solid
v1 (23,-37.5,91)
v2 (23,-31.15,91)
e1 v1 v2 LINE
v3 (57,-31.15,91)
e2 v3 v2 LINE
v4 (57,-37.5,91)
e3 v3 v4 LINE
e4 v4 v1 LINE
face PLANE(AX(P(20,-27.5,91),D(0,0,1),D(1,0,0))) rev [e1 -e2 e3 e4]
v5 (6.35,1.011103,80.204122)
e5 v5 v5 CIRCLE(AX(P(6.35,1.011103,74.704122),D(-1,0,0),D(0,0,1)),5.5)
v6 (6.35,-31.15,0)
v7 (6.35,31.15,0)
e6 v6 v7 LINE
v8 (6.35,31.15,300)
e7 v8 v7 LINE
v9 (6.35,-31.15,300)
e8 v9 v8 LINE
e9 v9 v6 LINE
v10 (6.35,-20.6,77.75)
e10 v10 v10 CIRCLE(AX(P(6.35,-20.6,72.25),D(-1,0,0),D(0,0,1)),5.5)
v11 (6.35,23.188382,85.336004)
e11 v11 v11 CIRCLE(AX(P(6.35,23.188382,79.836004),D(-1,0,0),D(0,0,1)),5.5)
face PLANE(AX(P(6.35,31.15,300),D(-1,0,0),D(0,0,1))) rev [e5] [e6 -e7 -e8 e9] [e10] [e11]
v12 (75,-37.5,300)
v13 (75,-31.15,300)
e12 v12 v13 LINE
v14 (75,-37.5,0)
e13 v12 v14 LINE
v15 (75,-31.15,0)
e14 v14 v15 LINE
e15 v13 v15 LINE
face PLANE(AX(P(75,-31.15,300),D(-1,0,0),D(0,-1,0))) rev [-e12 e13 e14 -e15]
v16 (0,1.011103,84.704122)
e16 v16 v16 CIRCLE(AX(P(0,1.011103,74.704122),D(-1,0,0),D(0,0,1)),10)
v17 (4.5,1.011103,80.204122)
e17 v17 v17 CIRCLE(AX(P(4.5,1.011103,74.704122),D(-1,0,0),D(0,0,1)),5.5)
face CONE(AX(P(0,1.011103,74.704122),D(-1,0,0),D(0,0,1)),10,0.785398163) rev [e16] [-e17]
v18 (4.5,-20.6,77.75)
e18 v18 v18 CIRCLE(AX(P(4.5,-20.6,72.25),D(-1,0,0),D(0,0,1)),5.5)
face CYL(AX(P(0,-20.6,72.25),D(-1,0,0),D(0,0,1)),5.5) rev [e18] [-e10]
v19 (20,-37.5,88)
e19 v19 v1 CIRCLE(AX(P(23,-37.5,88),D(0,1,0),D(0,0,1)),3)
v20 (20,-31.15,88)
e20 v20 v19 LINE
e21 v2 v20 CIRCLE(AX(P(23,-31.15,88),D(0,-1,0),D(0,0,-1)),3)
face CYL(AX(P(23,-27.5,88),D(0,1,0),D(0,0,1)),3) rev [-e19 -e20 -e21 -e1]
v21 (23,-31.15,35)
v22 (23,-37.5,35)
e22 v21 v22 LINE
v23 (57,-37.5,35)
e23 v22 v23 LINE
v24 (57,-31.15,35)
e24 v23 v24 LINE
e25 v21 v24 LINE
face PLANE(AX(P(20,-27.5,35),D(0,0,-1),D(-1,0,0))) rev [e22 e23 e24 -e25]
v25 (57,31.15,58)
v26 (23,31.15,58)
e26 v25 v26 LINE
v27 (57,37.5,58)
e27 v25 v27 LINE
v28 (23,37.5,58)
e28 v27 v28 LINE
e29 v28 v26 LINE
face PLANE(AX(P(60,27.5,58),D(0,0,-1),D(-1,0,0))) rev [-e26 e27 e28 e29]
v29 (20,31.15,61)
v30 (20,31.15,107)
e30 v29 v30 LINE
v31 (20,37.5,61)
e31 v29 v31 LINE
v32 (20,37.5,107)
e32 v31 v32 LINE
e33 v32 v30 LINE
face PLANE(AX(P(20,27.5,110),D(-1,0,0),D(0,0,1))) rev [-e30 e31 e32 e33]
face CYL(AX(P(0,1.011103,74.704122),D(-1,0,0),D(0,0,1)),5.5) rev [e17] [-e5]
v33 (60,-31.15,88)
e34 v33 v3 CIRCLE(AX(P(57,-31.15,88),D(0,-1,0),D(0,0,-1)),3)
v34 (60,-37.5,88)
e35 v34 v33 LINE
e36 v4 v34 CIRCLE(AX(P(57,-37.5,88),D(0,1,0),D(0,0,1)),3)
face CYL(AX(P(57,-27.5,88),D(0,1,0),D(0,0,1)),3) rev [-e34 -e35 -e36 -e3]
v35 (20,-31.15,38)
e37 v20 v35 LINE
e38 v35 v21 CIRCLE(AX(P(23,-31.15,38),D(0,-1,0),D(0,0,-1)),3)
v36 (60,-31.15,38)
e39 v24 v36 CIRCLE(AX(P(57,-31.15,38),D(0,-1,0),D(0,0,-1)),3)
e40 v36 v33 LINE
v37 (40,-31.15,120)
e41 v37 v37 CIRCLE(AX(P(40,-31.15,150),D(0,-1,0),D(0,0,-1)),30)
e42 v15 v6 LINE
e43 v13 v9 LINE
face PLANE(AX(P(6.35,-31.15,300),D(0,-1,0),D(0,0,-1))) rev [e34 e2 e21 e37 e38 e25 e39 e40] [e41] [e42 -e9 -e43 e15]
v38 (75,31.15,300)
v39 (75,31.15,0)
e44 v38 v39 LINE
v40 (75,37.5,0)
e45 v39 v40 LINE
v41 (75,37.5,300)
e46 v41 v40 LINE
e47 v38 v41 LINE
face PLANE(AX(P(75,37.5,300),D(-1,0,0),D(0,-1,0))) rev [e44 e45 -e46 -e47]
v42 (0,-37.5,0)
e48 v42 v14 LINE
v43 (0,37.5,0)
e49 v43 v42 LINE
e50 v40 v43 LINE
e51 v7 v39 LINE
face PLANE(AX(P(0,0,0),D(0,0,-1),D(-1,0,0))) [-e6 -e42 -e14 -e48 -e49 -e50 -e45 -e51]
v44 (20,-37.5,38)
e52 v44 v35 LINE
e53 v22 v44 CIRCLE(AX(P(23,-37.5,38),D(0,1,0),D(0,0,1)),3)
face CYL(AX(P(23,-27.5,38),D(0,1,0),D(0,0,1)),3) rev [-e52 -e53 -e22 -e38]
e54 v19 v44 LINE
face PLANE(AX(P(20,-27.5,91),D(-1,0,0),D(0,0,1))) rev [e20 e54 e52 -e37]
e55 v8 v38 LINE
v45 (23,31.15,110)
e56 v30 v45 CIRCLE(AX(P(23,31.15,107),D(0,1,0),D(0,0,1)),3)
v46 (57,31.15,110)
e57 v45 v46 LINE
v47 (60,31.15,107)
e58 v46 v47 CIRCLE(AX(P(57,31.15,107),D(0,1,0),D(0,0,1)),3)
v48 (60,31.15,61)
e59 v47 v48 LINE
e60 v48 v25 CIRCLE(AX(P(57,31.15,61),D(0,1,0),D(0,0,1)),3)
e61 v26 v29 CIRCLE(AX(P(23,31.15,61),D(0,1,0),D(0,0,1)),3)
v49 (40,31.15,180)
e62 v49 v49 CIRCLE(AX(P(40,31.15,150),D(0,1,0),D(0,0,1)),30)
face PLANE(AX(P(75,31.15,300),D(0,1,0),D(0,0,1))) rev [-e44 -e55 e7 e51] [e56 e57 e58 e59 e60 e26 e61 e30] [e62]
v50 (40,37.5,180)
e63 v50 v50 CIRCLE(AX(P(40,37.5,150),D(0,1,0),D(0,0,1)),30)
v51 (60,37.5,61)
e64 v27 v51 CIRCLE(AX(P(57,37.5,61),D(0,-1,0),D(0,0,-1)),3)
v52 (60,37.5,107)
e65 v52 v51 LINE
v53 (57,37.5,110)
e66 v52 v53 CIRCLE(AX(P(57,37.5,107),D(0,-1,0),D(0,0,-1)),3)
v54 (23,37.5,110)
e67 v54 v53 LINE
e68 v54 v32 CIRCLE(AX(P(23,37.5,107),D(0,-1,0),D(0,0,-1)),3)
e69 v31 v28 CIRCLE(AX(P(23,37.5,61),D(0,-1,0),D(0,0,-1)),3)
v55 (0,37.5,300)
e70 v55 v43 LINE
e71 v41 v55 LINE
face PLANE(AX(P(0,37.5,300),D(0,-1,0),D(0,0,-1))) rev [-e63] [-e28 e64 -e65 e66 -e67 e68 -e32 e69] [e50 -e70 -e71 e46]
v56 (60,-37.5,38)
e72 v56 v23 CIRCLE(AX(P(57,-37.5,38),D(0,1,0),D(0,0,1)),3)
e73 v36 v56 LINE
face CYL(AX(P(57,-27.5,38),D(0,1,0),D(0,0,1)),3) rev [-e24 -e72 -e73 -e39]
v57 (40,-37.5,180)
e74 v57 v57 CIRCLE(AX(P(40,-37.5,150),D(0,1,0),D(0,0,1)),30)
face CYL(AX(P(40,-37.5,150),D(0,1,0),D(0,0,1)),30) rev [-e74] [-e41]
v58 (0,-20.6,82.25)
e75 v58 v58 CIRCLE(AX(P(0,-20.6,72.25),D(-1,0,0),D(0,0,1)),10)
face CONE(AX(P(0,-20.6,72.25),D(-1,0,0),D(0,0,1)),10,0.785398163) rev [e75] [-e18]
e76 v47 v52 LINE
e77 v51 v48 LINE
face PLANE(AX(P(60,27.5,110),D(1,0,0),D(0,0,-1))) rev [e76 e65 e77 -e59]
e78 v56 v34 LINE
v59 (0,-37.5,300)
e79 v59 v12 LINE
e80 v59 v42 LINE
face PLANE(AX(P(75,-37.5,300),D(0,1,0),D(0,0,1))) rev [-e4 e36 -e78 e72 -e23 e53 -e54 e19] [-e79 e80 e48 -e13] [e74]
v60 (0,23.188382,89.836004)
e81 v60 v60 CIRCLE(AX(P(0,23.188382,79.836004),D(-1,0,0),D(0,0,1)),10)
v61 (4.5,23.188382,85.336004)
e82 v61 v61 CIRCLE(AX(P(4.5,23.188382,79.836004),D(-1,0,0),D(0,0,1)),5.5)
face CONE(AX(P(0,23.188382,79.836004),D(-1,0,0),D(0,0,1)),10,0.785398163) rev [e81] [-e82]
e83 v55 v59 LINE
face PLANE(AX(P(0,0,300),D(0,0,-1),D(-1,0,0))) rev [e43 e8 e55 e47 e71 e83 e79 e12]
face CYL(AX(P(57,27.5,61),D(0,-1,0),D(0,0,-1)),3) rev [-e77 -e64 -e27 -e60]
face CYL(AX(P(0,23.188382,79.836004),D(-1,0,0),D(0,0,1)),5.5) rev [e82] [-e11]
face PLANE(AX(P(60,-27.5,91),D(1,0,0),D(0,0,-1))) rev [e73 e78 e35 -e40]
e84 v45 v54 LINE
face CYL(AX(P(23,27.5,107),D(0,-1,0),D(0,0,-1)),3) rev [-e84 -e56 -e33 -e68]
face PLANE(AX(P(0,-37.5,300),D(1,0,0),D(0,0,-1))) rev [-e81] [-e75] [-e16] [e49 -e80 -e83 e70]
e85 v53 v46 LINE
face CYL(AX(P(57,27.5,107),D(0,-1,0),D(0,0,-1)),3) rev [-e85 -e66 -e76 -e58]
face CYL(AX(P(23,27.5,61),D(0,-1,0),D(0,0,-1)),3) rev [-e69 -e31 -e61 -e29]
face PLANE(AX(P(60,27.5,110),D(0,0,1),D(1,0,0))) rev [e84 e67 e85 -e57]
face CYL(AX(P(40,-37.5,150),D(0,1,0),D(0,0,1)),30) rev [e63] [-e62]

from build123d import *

# Parameters (mm, degrees)
BOSS_EXTRUDE1_DEPTH                                  = 300
SKETCH2_R                                            = 30
CUT_EXTRUDE1_DEPTH                                   = 319.198051534
SKETCH3_W                                            = 40
SKETCH3_H                                            = 56
CUT_EXTRUDE2_DEPTH                                   = 10
SKETCH4_W                                            = 40
SKETCH4_H                                            = 52
CUT_EXTRUDE3_DEPTH                                   = 10
FILLET1_R                                            = 3
CSK_FOR_M10_COUNTERSUNK_FLAT_HEAD_SCREW1_D           = 11
CSK_FOR_M10_COUNTERSUNK_FLAT_HEAD_SCREW1_DEPTH       = 20.003
CSK_FOR_M10_COUNTERSUNK_FLAT_HEAD_SCREW1_CSINK_D     = 20
CSK_FOR_M10_COUNTERSUNK_FLAT_HEAD_SCREW1_CSINK_ANGLE = 90
CSK_FOR_M10_COUNTERSUNK_FLAT_HEAD_SCREW1_TIP         = 3.304733405


with BuildPart() as part:
    # Sketch1 → Boss-Extrude1 (new body)
    with BuildSketch(Plane.XY):
        Polygon((0, -37.5), (0, 37.5), (75, 37.5), (75, 31.15), (6.35, 31.15), (6.35, -31.15), (75, -31.15), (75, -37.5), align=None)
    extrude(amount=BOSS_EXTRUDE1_DEPTH)

    # Sketch2 → Cut-Extrude1 (cut, through all)
    with BuildSketch(Plane(origin=(0, 37.5, 0), x_dir=(1, 0, 0), z_dir=(0, 1, 0))):
        with Locations(Location((40, -150, 0), (0, 0, 270))):
            Circle(SKETCH2_R)
    extrude(amount=-CUT_EXTRUDE1_DEPTH, mode=Mode.SUBTRACT)

    # Sketch3 → Cut-Extrude2 (cut)
    with BuildSketch(Plane.XZ.offset(37.5)):
        with Locations((40, 63)):
            Rectangle(SKETCH3_W, SKETCH3_H)
    extrude(amount=-CUT_EXTRUDE2_DEPTH, mode=Mode.SUBTRACT)

    # Sketch4 → Cut-Extrude3 (cut)
    with BuildSketch(Plane(origin=(0, 37.5, 0), x_dir=(1, 0, 0), z_dir=(0, 1, 0))):
        with Locations((40, -84)):
            Rectangle(SKETCH4_W, SKETCH4_H)
    extrude(amount=-CUT_EXTRUDE3_DEPTH, mode=Mode.SUBTRACT)

    # Fillet1
    fillet1_edges = [part.edges().sort_by_distance(p)[0] for p in [
        (20, -34.325, 91),
        (60, -34.325, 91),
        (60, -34.325, 35),
        (20, -34.325, 35),
        (60, 34.325, 110),
        (20, 34.325, 110),
        (20, 34.325, 58),
        (60, 34.325, 58),
    ]]
    fillet(fillet1_edges, radius=FILLET1_R)

    # CSK for M10 Countersunk Flat Head Screw1
    with Locations(Plane.ZY):
        with Locations((74.704121605, 1.01110333), (72.25, -20.6), (79.836004025, 23.188381743)):
            CounterSinkHole(CSK_FOR_M10_COUNTERSUNK_FLAT_HEAD_SCREW1_D / 2, CSK_FOR_M10_COUNTERSUNK_FLAT_HEAD_SCREW1_CSINK_D / 2, depth=CSK_FOR_M10_COUNTERSUNK_FLAT_HEAD_SCREW1_DEPTH, counter_sink_angle=CSK_FOR_M10_COUNTERSUNK_FLAT_HEAD_SCREW1_CSINK_ANGLE)
            with Locations((0, 0, -(CSK_FOR_M10_COUNTERSUNK_FLAT_HEAD_SCREW1_DEPTH + CSK_FOR_M10_COUNTERSUNK_FLAT_HEAD_SCREW1_TIP / 2))):  # 118° drill point
                Cone(0, CSK_FOR_M10_COUNTERSUNK_FLAT_HEAD_SCREW1_D / 2, CSK_FOR_M10_COUNTERSUNK_FLAT_HEAD_SCREW1_TIP, mode=Mode.SUBTRACT)


solid = part.part
